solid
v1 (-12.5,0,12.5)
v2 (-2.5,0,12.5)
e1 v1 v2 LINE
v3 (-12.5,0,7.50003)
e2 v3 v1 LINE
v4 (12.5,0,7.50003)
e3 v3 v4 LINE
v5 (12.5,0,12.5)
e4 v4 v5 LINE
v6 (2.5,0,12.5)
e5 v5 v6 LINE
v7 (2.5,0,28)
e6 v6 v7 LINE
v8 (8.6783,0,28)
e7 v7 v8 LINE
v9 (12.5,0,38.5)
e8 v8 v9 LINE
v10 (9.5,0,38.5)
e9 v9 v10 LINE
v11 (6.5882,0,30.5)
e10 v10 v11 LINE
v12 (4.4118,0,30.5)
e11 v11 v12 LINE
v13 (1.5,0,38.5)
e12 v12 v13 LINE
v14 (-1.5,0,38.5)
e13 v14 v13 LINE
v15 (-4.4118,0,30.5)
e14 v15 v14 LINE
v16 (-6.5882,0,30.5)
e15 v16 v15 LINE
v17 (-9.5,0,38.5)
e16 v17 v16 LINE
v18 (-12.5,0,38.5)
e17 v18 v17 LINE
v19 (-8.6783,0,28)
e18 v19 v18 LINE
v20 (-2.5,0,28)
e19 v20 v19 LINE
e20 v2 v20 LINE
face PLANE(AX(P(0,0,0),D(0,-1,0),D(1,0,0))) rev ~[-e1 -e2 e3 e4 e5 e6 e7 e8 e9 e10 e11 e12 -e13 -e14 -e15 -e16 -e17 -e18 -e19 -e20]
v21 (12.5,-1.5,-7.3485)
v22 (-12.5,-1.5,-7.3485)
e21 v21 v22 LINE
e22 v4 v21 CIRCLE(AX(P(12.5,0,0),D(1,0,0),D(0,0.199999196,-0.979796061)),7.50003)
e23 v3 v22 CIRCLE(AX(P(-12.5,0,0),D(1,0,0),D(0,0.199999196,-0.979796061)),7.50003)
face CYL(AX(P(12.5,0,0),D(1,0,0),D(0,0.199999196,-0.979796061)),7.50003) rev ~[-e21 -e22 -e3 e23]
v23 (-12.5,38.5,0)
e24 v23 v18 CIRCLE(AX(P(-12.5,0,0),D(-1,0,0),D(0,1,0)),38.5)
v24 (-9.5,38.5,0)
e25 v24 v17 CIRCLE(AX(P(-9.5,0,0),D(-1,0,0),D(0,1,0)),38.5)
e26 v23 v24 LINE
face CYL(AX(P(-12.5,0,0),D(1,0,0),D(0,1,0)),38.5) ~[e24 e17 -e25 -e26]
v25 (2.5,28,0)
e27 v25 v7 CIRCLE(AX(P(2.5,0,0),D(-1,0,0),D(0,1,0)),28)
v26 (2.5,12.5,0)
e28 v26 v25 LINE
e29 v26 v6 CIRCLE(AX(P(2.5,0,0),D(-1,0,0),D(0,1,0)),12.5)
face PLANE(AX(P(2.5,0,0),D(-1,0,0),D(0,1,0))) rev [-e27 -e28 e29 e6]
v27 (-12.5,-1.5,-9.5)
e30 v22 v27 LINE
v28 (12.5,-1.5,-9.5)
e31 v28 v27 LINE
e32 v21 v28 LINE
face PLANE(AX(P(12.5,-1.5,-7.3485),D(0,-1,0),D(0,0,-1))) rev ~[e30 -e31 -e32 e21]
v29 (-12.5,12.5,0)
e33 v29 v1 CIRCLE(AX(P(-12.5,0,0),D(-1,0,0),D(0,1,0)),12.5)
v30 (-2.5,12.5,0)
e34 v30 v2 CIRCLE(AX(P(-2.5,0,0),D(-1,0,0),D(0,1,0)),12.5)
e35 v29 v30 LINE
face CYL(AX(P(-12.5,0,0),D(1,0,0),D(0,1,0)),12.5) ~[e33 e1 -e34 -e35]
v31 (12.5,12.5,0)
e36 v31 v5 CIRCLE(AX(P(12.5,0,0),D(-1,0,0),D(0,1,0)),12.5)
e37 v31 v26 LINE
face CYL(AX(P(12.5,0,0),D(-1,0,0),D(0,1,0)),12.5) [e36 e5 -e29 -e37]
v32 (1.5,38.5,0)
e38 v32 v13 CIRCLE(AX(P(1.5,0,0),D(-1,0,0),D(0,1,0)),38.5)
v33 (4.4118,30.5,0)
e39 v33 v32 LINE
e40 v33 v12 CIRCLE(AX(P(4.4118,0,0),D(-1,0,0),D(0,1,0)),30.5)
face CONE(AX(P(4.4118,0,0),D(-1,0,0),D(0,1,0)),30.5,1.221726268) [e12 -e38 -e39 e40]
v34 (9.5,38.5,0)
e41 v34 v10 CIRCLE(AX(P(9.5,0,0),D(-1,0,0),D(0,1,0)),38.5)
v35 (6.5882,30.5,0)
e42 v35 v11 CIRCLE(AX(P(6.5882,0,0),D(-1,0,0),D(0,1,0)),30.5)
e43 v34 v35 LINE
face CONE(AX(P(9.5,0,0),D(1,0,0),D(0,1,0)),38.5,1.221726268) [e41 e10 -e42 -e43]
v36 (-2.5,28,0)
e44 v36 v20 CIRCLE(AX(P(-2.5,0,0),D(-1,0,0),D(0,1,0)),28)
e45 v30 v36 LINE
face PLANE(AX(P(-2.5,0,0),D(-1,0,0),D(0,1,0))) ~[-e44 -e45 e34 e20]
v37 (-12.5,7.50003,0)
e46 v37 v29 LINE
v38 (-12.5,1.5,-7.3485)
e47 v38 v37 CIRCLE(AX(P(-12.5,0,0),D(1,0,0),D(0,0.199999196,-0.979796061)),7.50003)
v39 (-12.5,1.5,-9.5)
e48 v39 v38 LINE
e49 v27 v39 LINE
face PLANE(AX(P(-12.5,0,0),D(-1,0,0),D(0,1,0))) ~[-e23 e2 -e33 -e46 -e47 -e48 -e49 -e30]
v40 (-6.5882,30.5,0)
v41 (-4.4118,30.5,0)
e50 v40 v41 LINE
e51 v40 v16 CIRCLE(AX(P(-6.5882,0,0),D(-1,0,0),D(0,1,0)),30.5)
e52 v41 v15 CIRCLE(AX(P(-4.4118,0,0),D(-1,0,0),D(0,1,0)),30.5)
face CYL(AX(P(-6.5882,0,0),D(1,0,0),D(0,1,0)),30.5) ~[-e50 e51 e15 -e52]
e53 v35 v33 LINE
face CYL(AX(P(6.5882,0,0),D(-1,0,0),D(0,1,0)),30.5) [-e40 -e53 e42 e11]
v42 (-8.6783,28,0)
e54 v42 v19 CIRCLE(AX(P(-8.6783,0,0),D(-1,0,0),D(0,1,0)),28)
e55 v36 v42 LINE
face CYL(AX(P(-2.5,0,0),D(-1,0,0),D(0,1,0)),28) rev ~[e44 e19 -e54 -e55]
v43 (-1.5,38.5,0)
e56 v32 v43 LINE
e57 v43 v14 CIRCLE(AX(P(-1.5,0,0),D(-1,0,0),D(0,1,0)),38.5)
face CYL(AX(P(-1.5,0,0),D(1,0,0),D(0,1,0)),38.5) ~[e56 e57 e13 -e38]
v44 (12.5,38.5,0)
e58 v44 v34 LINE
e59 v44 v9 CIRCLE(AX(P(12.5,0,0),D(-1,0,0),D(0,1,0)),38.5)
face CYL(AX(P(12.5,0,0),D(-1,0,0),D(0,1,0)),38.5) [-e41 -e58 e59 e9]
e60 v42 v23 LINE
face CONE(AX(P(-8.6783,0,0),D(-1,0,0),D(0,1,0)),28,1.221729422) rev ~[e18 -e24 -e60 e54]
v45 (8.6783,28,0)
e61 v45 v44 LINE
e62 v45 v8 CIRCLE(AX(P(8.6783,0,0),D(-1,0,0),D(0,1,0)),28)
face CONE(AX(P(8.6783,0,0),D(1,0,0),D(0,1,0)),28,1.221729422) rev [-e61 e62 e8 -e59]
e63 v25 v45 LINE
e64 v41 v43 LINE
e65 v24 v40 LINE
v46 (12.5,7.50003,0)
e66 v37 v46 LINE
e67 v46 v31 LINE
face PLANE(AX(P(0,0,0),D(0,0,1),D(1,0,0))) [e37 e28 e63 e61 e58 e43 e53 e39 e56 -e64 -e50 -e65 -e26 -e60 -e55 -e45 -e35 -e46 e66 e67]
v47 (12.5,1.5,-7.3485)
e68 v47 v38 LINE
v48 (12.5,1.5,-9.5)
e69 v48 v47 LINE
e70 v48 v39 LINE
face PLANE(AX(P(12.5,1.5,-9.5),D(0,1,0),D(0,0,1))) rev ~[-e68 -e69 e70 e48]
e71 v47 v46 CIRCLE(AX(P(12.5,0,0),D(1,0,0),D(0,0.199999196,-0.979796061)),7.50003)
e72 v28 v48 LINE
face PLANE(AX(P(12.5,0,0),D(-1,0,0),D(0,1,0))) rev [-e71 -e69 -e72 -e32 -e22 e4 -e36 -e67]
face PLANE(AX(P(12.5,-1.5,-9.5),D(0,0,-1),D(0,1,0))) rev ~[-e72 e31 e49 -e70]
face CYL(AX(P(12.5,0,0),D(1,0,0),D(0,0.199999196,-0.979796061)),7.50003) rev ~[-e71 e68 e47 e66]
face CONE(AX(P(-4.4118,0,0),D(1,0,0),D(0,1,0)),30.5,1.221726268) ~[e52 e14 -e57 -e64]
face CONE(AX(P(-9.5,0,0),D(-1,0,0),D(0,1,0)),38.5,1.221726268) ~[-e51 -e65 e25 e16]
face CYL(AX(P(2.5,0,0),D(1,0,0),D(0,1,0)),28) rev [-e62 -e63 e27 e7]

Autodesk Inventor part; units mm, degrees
ref_plane "YZ Plane" through (0, 0, 0) normal (1, 0, 0) x (0, 1, 0)
ref_plane "XZ Plane" through (0, 0, 0) normal (0, 1, 0) x (-1, 0, 0)
ref_plane "XY Plane" through (0, 0, 0) normal (0, 0, 1) x (1, 0, 0)
sketch "草圖1" plane through (0, 0, 0) normal (0, 0, 1) x (1, 0, 0)
  line L0 (0, 0) -> (12.5, 0)
  line L1 (12.5, 0) -> (12.5, 12.5)
  line L2 (12.5, 12.5) -> (2.5, 12.5)
  line L3 (2.5, 12.5) -> (2.5, 28)
  line L4 (2.5, 28) -> (8.6783, 28)
  line L5 (8.6783, 28) -> (12.5, 38.5)
  line L6 (12.5, 38.5) -> (9.5, 38.5)
  line L7 (9.5, 38.5) -> (6.5882, 30.5)
  line L8 (6.5882, 30.5) -> (4.4118, 30.5)
  line L9 (4.4118, 30.5) -> (1.5, 38.5)
  line L10 (1.5, 38.5) -> (-0.2328, 38.5)
  line L11 (0, 0) -> (0, -1.5928)
  line L12 (0, 0) -> (-12.5, 0)
  line L13 (-12.5, 0) -> (-12.5, 12.5)
  line L14 (-12.5, 12.5) -> (-2.5, 12.5)
  line L15 (-2.5, 12.5) -> (-2.5, 28)
  line L16 (-2.5, 28) -> (-8.6783, 28)
  line L17 (-8.6783, 28) -> (-12.5, 38.5)
  line L18 (-12.5, 38.5) -> (-9.5, 38.5)
  line L19 (-9.5, 38.5) -> (-6.5882, 30.5)
  line L20 (-6.5882, 30.5) -> (-4.4118, 30.5)
  line L21 (-4.4118, 30.5) -> (-1.5, 38.5)
  line L22 (-1.5, 38.5) -> (-0.2328, 38.5)
  dimension "d10" = 25
  dimension "d11" = 3
  dimension "d12" = 8
  dimension "d13" = 5
  dimension "d14" = 25
  dimension "d15" = 40
  dimension "d16" = 8
  dimension "d17" = 38.5
  dimension "d18" = 28
  dimension "d19" = 12.5
  dimension "d20" = 40
revolve "迴轉1" add sketch "草圖1" angle 270 about axis through (0, 0, 0) along (-1, 0, 0)
sketch "草圖2" plane through (12.5, 0, 0) normal (1, 0, 0) x (0, 0, -1)
  arc A0 (7.3485, 1.5) -> (7.3485, -1.5) centre (0, 0) ccw
  line L0 (7.3485, -1.5) -> (9.5, -1.5)
  line L1 (9.5, -1.5) -> (9.5, 1.5)
  line L2 (9.5, 1.5) -> (7.3485, 1.5)
  dimension "d22" = 15
  dimension "d23" = 17
  dimension "d24" = 3
  dimension "d25" = 1.5
extrude "擠出1" cut sketch "草圖2" against normal through all
properties part number "410571040-3"
